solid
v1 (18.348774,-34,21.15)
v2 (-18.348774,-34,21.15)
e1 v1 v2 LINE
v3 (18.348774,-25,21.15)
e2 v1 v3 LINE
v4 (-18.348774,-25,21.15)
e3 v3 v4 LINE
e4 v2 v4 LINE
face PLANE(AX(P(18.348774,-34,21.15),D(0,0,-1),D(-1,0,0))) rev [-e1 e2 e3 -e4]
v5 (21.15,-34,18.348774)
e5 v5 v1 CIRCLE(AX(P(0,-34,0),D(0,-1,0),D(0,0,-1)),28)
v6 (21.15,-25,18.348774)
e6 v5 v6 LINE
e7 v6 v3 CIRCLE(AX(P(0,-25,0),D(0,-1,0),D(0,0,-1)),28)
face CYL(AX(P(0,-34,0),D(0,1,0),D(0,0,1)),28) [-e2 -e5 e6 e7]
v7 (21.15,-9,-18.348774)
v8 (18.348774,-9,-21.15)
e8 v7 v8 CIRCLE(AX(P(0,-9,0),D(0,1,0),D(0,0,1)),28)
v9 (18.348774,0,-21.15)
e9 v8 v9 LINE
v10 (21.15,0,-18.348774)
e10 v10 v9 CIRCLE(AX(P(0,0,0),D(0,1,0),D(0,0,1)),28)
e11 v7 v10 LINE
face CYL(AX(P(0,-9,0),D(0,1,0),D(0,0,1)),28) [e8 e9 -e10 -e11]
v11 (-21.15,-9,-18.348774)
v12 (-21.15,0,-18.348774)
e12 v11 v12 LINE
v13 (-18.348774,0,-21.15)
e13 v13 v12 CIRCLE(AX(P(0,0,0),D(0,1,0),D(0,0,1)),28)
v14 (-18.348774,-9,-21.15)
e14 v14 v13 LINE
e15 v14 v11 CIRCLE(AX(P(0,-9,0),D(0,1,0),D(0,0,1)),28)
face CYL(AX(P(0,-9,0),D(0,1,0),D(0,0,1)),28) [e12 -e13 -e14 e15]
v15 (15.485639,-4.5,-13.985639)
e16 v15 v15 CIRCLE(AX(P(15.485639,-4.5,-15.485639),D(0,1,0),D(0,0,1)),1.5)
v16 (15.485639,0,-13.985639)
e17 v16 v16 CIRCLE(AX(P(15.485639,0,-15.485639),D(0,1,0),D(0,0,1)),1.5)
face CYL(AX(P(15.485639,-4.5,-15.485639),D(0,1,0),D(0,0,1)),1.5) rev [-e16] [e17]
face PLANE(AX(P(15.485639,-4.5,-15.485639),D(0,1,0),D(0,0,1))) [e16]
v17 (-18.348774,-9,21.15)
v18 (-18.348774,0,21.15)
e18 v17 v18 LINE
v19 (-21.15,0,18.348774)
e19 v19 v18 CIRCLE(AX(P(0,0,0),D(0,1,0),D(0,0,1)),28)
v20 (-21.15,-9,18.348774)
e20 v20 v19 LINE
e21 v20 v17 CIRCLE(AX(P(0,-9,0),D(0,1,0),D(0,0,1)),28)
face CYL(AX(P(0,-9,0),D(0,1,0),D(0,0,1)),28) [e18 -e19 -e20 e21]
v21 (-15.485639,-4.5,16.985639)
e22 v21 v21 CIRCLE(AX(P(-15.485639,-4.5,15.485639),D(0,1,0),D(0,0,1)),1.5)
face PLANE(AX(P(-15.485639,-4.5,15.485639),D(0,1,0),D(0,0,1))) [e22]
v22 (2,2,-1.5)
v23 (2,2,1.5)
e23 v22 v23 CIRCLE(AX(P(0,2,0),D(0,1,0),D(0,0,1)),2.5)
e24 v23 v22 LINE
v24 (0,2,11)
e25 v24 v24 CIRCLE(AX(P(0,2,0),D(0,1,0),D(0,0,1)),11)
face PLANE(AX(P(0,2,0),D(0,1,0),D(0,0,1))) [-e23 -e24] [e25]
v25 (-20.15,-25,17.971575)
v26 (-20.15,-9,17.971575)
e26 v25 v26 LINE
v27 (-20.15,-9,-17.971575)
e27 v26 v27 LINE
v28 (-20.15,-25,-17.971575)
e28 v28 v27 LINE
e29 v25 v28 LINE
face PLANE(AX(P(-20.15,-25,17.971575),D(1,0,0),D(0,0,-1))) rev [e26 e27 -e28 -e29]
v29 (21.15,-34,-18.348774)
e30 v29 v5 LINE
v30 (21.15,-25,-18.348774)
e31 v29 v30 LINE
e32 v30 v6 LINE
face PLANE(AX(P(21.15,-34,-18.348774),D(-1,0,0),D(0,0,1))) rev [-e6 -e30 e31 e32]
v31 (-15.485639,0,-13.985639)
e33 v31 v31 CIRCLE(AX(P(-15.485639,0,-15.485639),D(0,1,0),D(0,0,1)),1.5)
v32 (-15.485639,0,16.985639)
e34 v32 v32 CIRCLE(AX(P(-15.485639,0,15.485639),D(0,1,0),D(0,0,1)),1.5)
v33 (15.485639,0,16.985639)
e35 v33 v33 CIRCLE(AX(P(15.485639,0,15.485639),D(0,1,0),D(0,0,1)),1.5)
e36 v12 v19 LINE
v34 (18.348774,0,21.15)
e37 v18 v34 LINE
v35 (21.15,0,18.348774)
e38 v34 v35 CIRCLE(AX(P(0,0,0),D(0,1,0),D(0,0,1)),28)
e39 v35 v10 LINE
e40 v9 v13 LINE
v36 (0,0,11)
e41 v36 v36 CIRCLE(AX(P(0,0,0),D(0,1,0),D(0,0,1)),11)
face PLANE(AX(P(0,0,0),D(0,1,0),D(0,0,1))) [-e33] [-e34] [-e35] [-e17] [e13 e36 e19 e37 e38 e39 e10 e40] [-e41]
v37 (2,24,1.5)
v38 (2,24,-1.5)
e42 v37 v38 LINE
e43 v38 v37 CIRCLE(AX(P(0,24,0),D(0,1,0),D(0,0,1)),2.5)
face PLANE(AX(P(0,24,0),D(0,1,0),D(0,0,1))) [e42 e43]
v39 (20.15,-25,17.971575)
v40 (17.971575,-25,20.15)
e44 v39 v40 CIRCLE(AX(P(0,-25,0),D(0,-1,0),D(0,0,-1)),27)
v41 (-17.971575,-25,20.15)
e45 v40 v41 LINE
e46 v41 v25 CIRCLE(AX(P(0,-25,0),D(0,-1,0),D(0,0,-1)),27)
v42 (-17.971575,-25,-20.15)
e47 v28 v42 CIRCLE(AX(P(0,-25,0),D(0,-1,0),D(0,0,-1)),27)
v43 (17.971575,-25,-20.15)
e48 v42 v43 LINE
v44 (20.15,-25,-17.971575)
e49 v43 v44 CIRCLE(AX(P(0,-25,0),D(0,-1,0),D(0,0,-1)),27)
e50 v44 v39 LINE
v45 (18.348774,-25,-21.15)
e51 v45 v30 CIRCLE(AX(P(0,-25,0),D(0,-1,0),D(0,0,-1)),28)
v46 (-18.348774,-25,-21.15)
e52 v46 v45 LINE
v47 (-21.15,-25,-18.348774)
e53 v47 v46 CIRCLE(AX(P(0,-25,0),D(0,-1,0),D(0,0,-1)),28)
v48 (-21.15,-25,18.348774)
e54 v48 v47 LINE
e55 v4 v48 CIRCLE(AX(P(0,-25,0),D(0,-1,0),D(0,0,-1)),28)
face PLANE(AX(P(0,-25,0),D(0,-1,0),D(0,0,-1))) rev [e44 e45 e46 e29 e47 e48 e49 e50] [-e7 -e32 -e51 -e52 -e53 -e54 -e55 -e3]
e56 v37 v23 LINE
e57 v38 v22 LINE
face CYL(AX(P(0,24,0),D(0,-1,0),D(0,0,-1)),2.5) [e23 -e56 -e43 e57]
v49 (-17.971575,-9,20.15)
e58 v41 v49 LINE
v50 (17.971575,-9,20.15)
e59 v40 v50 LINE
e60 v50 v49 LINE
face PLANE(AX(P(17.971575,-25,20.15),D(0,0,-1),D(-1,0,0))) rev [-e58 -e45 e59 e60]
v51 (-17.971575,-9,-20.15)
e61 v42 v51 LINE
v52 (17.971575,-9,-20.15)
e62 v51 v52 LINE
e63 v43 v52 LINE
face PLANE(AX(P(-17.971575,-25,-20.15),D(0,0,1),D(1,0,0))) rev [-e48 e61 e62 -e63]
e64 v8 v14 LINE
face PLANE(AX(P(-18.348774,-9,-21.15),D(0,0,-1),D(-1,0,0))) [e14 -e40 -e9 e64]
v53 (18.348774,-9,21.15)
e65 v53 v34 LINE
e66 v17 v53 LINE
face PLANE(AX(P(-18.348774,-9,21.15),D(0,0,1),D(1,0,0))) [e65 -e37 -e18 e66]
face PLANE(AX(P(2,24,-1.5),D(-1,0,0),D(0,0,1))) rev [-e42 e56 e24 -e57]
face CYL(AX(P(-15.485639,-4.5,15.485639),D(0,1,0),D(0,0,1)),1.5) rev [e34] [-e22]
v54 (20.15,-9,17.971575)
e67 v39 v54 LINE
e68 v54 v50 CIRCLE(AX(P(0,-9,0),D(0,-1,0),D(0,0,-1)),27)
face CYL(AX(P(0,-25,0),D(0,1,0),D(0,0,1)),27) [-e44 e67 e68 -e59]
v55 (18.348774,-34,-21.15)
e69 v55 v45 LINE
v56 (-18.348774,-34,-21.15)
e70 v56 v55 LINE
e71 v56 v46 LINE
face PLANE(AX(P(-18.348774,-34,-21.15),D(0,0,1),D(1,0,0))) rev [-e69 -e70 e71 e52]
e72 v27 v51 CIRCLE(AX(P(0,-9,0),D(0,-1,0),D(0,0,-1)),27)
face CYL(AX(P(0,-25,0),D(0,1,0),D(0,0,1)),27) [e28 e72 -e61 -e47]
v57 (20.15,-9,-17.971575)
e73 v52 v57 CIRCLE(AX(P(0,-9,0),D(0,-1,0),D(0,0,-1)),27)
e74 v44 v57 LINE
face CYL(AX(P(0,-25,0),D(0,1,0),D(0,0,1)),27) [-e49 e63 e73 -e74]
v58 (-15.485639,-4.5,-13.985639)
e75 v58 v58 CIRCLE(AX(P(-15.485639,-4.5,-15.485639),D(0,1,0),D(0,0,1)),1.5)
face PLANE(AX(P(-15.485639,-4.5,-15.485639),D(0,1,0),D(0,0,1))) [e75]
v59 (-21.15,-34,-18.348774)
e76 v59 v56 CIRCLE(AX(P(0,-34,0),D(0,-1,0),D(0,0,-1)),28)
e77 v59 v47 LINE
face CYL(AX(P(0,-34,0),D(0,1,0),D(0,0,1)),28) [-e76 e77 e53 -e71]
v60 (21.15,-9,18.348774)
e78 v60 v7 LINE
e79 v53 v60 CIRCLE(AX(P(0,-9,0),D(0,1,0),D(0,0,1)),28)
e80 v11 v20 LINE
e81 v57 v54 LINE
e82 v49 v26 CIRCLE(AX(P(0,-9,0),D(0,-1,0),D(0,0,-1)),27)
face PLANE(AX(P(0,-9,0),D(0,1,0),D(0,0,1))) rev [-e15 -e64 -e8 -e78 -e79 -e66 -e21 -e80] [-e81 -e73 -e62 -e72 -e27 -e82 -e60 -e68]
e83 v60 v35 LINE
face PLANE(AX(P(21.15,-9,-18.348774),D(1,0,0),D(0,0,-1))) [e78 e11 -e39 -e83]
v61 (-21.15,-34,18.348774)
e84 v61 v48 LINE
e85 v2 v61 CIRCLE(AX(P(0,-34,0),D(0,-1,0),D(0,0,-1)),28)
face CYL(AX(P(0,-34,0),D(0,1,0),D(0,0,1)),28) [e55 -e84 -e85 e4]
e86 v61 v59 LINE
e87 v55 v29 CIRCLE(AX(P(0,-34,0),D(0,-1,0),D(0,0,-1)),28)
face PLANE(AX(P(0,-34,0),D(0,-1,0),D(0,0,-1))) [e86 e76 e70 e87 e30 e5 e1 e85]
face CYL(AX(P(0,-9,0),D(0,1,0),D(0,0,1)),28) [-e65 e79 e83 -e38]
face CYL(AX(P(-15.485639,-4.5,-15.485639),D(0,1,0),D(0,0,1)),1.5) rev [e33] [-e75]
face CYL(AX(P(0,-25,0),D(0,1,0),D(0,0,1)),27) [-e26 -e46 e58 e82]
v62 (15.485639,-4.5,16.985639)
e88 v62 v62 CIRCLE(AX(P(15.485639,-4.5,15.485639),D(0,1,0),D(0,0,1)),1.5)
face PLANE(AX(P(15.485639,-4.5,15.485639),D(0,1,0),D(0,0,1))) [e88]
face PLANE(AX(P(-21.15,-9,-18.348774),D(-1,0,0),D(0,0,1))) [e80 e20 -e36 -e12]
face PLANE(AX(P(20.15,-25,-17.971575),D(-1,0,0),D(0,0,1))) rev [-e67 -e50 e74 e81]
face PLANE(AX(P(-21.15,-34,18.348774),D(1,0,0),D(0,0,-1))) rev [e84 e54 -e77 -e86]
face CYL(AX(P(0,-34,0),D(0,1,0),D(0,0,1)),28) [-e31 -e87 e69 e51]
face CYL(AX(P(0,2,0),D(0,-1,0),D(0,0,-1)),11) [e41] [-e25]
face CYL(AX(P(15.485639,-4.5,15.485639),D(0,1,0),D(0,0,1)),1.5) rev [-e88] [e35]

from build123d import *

# Parameters (mm, degrees)
BOSS_EXTRUDE1_DEPTH = 24
SKETCH2_R           = 11
BOSS_EXTRUDE2_DEPTH = 2
BOSS_EXTRUDE3_DEPTH = 9
BOSS_EXTRUDE4_DEPTH = 16
BOSS_EXTRUDE5_DEPTH = 9
SKETCH6_R           = 1.5
CUT_EXTRUDE1_DEPTH  = 4.5


with BuildPart() as part:
    # Sketch1 → Boss-Extrude1 (new body)
    with BuildSketch(Plane(origin=(0, 0, 0), x_dir=(1, 0, 0), z_dir=(0, 1, 0))):
        with BuildLine():
            Line((2, 1.5), (2, -1.5))
            ThreePointArc((2, -1.5), (-2.5, 0), (2, 1.5))
        make_face()
    extrude(amount=BOSS_EXTRUDE1_DEPTH)

    # Sketch2 → Boss-Extrude2 (add)
    with BuildSketch(Plane(origin=(0, 0, 0), x_dir=(1, 0, 0), z_dir=(0, 1, 0))):
        with Locations(Location((0, 0, 0), (0, 0, 270))):
            Circle(SKETCH2_R)
    extrude(amount=BOSS_EXTRUDE2_DEPTH)

    # Sketch3 → Boss-Extrude3 (add)
    with BuildSketch(Plane(origin=(0, 0, 0), x_dir=(1, 0, 0), z_dir=(0, 1, 0))):
        with BuildLine():
            Line((-18.348773801, 21.15), (18.348773801, 21.15))
            ThreePointArc((18.348773801, 21.15), (19.798989873, 19.798989873), (21.15, 18.348773801))
            Line((21.15, 18.348773801), (21.15, -18.348773801))
            ThreePointArc((21.15, -18.348773801), (19.798989873, -19.798989873), (18.348773801, -21.15))
            Line((18.348773801, -21.15), (-18.348773801, -21.15))
            ThreePointArc((-18.348773801, -21.15), (-19.798989873, -19.798989873), (-21.15, -18.348773801))
            Line((-21.15, -18.348773801), (-21.15, 18.348773801))
            ThreePointArc((-21.15, 18.348773801), (-19.798989873, 19.798989873), (-18.348773801, 21.15))
        make_face()
    extrude(amount=-BOSS_EXTRUDE3_DEPTH)

    # Sketch4 → Boss-Extrude4 (add)
    with BuildSketch(Plane.XZ.offset(9)):
        with BuildLine():
            Line((20.15, -17.971574778), (20.15, 17.971574778))
            ThreePointArc((20.15, 17.971574778), (19.091883092, 19.091883092), (17.971574778, 20.15))
            Line((17.971574778, 20.15), (-17.971574778, 20.15))
            ThreePointArc((-17.971574778, 20.15), (-19.091883092, 19.091883092), (-20.15, 17.971574778))
            Line((-20.15, 17.971574778), (-20.15, -17.971574778))
            ThreePointArc((-20.15, -17.971574778), (-19.091883092, -19.091883092), (-17.971574778, -20.15))
            Line((-17.971574778, -20.15), (17.971574778, -20.15))
            ThreePointArc((17.971574778, -20.15), (19.091883092, -19.091883092), (20.15, -17.971574778))
        make_face()
    extrude(amount=BOSS_EXTRUDE4_DEPTH)

    # Sketch5 → Boss-Extrude5 (add)
    with BuildSketch(Plane.XZ.offset(25)):
        with BuildLine():
            Line((21.15, -18.348773801), (21.15, 18.348773801))
            ThreePointArc((21.15, 18.348773801), (19.798989873, 19.798989873), (18.348773801, 21.15))
            Line((18.348773801, 21.15), (-18.348773801, 21.15))
            ThreePointArc((-18.348773801, 21.15), (-19.798989873, 19.798989873), (-21.15, 18.348773801))
            Line((-21.15, 18.348773801), (-21.15, -18.348773801))
            ThreePointArc((-21.15, -18.348773801), (-19.798989873, -19.798989873), (-18.348773801, -21.15))
            Line((-18.348773801, -21.15), (18.348773801, -21.15))
            ThreePointArc((18.348773801, -21.15), (19.798989873, -19.798989873), (21.15, -18.348773801))
        make_face()
    extrude(amount=BOSS_EXTRUDE5_DEPTH)

    # Sketch6 → Cut-Extrude1 (cut)
    with BuildSketch(Plane(origin=(0, 0, 0), x_dir=(1, 0, 0), z_dir=(0, 1, 0))):
        with Locations(Location((-15.485638508, 15.485638508, 0), (0, 0, 270))):
            Circle(SKETCH6_R)
        with Locations(Location((15.485638508, 15.485638508, 0), (0, 0, 270))):
            Circle(SKETCH6_R)
        with Locations(Location((15.485638508, -15.485638508, 0), (0, 0, 270))):
            Circle(SKETCH6_R)
        with Locations(Location((-15.485638508, -15.485638508, 0), (0, 0, 270))):
            Circle(SKETCH6_R)
    extrude(amount=-CUT_EXTRUDE1_DEPTH, mode=Mode.SUBTRACT)


solid = part.part
